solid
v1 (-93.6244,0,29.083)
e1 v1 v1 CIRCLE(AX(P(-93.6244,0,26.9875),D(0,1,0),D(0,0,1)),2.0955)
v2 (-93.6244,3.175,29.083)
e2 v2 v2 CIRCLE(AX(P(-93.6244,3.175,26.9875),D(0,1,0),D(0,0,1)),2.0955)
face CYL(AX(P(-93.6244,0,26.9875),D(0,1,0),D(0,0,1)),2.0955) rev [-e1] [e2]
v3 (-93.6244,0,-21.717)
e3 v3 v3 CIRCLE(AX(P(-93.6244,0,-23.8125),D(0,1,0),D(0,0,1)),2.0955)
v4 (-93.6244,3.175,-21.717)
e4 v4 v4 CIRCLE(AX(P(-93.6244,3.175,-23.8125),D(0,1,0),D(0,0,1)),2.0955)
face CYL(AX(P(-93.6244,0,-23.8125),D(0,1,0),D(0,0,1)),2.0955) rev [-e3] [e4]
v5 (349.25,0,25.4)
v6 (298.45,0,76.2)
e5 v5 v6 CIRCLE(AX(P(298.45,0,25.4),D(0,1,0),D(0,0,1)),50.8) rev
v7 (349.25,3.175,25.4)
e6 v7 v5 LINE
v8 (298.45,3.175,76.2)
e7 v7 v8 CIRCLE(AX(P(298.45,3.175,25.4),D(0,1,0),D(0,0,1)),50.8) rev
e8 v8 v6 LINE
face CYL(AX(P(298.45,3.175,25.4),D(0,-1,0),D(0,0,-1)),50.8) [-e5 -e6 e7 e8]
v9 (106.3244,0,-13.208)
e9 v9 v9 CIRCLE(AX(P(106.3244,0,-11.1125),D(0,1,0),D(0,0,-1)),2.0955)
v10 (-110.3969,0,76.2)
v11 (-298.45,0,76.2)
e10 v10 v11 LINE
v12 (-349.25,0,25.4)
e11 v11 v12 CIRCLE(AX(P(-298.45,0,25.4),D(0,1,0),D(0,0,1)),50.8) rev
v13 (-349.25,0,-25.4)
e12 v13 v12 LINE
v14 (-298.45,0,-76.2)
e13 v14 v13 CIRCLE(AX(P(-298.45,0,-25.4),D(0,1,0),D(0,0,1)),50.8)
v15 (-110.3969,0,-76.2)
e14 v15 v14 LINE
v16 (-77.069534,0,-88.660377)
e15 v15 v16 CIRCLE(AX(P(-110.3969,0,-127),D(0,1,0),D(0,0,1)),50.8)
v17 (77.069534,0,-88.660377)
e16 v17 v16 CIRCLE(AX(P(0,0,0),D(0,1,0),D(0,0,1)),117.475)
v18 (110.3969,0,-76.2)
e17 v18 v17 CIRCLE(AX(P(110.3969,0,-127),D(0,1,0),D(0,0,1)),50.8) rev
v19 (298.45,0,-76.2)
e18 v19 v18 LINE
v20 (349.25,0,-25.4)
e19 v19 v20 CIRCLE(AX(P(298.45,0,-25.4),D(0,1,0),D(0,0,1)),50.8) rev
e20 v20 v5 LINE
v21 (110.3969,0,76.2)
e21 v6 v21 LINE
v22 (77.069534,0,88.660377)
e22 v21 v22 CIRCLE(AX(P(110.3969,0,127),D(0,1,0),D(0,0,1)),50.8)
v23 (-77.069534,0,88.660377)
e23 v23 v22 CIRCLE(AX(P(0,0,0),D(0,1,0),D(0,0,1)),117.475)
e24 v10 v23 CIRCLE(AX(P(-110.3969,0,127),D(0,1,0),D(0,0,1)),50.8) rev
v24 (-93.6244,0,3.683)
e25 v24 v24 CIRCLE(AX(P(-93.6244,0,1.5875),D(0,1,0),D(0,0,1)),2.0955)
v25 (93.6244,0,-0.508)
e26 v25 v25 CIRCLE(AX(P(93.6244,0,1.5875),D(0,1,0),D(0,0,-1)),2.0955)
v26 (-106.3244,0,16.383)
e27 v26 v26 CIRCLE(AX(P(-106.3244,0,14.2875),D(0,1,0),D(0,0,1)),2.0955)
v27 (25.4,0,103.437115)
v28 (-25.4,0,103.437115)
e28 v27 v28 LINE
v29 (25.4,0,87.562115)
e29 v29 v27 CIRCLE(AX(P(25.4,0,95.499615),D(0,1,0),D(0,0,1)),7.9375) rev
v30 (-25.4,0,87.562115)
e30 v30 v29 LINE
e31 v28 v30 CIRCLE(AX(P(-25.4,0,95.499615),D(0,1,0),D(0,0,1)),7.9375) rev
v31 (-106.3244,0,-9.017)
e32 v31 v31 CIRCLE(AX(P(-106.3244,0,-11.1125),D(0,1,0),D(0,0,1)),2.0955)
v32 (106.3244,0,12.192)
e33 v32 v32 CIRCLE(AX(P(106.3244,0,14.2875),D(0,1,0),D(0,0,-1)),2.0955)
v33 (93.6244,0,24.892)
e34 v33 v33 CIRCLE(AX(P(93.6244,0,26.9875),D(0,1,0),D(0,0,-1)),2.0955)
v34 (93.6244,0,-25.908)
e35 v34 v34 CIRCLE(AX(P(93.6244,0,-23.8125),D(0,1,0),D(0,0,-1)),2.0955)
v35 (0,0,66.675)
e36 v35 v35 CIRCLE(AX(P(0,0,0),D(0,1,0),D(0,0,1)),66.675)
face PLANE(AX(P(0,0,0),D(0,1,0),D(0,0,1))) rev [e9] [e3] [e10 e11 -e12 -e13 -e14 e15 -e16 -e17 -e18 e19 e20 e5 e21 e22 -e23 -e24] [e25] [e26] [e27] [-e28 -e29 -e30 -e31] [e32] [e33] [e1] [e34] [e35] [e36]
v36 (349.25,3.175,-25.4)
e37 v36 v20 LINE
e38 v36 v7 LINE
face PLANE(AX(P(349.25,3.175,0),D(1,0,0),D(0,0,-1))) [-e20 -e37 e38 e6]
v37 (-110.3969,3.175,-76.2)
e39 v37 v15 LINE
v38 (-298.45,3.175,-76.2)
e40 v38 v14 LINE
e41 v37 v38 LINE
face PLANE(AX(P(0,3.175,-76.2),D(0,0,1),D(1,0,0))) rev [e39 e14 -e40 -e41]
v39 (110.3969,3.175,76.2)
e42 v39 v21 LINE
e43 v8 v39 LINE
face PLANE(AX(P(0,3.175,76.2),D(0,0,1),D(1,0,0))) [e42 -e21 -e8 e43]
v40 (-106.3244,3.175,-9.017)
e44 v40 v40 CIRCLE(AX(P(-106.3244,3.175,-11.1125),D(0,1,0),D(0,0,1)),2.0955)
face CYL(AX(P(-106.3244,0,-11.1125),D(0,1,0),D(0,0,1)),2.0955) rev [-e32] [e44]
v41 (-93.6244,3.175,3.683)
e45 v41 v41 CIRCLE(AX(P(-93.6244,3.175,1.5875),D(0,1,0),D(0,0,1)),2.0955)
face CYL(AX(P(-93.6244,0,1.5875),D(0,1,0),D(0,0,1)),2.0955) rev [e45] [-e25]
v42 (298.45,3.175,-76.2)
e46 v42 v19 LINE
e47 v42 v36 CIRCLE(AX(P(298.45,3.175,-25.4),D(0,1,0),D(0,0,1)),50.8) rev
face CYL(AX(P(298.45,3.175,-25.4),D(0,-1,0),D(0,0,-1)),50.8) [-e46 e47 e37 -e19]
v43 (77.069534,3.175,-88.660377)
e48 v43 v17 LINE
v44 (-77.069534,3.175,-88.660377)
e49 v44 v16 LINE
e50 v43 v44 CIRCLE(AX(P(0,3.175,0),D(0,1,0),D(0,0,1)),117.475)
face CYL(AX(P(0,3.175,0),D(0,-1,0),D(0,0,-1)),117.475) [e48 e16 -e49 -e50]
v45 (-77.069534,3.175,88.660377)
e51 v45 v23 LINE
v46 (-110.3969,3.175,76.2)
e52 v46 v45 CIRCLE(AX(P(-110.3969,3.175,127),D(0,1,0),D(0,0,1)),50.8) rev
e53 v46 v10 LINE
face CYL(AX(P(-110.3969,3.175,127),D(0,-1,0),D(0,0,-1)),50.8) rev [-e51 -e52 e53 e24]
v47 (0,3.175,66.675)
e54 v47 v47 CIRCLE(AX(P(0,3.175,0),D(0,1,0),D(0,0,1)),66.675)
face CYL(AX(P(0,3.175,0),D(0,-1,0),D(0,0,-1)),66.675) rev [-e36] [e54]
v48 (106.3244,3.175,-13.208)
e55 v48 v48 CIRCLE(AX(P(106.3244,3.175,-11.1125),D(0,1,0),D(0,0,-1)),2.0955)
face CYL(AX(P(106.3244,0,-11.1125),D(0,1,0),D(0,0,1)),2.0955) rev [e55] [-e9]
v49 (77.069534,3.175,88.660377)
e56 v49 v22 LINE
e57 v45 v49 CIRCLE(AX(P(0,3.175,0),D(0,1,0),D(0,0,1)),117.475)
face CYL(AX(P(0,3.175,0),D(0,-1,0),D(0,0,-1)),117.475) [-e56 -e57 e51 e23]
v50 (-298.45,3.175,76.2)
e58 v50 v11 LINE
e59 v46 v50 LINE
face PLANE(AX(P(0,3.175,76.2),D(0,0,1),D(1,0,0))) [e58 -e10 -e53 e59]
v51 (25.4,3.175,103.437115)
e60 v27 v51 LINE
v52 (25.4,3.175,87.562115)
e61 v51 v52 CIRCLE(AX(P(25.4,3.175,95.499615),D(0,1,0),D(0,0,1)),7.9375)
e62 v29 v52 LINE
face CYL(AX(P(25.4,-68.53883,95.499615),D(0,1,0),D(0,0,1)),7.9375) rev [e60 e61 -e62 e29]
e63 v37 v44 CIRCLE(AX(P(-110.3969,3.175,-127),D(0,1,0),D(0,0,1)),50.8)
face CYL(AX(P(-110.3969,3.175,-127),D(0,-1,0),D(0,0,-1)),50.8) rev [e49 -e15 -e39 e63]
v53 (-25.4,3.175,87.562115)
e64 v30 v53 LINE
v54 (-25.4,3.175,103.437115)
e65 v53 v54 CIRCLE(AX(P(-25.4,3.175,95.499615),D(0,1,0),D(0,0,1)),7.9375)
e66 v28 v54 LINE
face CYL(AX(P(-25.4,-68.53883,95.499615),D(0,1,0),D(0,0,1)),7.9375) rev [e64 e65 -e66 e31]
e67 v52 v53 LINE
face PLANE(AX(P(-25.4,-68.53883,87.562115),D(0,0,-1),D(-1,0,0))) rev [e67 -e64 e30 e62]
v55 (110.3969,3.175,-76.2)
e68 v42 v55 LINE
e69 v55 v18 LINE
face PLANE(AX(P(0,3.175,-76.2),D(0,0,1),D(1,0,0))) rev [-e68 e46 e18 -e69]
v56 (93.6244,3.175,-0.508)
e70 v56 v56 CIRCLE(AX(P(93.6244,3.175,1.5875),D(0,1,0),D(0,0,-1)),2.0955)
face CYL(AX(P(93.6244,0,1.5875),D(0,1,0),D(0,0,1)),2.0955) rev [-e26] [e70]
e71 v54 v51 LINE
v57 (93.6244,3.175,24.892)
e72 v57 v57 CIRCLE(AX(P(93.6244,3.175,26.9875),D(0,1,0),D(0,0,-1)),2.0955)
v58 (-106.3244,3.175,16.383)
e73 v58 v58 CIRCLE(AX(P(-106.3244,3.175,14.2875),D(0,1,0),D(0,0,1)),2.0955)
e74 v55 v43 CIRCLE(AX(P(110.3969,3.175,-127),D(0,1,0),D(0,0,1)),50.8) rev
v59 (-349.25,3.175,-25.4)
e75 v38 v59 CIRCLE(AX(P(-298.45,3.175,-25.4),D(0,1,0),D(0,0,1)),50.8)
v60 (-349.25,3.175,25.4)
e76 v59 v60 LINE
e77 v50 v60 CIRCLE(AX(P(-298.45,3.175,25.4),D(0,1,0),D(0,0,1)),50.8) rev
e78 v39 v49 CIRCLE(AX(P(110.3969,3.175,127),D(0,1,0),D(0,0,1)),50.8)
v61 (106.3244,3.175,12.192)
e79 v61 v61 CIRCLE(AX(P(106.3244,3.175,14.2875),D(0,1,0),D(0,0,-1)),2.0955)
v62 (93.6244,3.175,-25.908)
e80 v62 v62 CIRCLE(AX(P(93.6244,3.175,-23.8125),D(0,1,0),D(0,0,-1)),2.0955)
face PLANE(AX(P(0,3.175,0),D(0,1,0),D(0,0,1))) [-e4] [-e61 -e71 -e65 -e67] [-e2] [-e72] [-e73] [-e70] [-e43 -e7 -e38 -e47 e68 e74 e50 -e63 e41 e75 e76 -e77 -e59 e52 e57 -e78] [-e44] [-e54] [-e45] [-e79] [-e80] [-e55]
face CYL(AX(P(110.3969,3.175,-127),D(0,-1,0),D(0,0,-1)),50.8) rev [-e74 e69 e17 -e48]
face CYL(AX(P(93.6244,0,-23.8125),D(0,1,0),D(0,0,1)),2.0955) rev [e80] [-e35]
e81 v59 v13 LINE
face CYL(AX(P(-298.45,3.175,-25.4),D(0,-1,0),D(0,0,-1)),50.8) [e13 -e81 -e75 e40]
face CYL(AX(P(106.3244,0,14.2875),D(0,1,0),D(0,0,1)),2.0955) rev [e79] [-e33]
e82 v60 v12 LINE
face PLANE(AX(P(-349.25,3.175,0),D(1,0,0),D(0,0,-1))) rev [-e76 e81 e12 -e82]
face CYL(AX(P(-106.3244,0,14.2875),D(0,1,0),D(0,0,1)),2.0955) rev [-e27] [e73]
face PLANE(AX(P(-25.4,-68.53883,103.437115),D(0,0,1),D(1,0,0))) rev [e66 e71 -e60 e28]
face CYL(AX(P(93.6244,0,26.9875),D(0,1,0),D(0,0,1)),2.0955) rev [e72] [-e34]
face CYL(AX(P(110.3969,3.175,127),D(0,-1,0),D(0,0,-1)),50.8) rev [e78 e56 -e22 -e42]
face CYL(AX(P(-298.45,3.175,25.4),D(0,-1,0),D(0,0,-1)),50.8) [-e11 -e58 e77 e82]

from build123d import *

# Parameters (mm, degrees)
SKETCH1_R           = 66.675
BOSS_EXTRUDE1_DEPTH = 3.175
CUT_EXTRUDE4_DEPTH  = 3.175
SKETCH10_R          = 2.0955
CUT_EXTRUDE7_DEPTH  = 4.175


with BuildPart() as part:
    # Sketch1 → Boss-Extrude1 (new body)
    with BuildSketch(Plane(origin=(0, 0, 0), x_dir=(1, 0, 0), z_dir=(0, 1, 0))):
        with BuildLine():
            Line((-110.396900432, 76.2), (-298.45, 76.2))
            ThreePointArc((-298.45, 76.2), (-334.371024484, 61.321024484), (-349.25, 25.4))
            Line((-349.25, 25.4), (-349.25, -25.4))
            ThreePointArc((-349.25, -25.4), (-334.371024484, -61.321024484), (-298.45, -76.2))
            Line((-298.45, -76.2), (-110.396900432, -76.2))
            ThreePointArc((-110.396900432, -76.2), (-92.606633854, -79.41695244), (-77.069534264, -88.660377358))
            ThreePointArc((-77.069534264, -88.660377358), (0, -117.475), (77.069534264, -88.660377358))
            ThreePointArc((77.069534264, -88.660377358), (92.606633854, -79.41695244), (110.396900432, -76.2))
            Line((110.396900432, -76.2), (298.45, -76.2))
            ThreePointArc((298.45, -76.2), (334.371024484, -61.321024484), (349.25, -25.4))
            Line((349.25, -25.4), (349.25, 25.4))
            ThreePointArc((349.25, 25.4), (334.371024484, 61.321024484), (298.45, 76.2))
            Line((298.45, 76.2), (110.396900432, 76.2))
            ThreePointArc((110.396900432, 76.2), (92.606633854, 79.41695244), (77.069534264, 88.660377358))
            ThreePointArc((77.069534264, 88.660377358), (0, 117.475), (-77.069534264, 88.660377358))
            ThreePointArc((-77.069534264, 88.660377358), (-92.606633854, 79.41695244), (-110.396900432, 76.2))
        make_face()
        Circle(SKETCH1_R, mode=Mode.SUBTRACT)
    extrude(amount=BOSS_EXTRUDE1_DEPTH)

    # Sketch7 → Cut-Extrude4 (cut)
    with BuildSketch(Plane(origin=(0, 3.175, 0), x_dir=(1, 0, 0), z_dir=(0, 1, 0))):
        with BuildLine():
            Line((-25.4, -87.56211469), (25.4, -87.56211469))
            ThreePointArc((25.4, -87.56211469), (33.3375, -95.49961469), (25.4, -103.43711469))
            Line((25.4, -103.43711469), (-25.4, -103.43711469))
            ThreePointArc((-25.4, -103.43711469), (-33.3375, -95.49961469), (-25.4, -87.56211469))
        make_face()
    extrude(amount=-CUT_EXTRUDE4_DEPTH, mode=Mode.SUBTRACT)

    # Sketch10 → Cut-Extrude7 (cut, through all)
    with BuildSketch(Plane(origin=(0, 3.175, 0), x_dir=(1, 0, 0), z_dir=(0, 1, 0))):
        with Locations((-93.6244, -26.9875)):
            Circle(SKETCH10_R)
        with Locations((-106.3244, -14.2875)):
            Circle(SKETCH10_R)
        with Locations((-93.6244, -1.5875)):
            Circle(SKETCH10_R)
        with Locations((-106.3244, 11.1125)):
            Circle(SKETCH10_R)
        with Locations((-93.6244, 23.8125)):
            Circle(SKETCH10_R)
        with Locations((93.6244, -26.9875)):
            Circle(SKETCH10_R)
        with Locations((106.3244, -14.2875)):
            Circle(SKETCH10_R)
        with Locations((93.6244, -1.5875)):
            Circle(SKETCH10_R)
        with Locations((106.3244, 11.1125)):
            Circle(SKETCH10_R)
        with Locations((93.6244, 23.8125)):
            Circle(SKETCH10_R)
    extrude(amount=-CUT_EXTRUDE7_DEPTH, mode=Mode.SUBTRACT)


solid = part.part
